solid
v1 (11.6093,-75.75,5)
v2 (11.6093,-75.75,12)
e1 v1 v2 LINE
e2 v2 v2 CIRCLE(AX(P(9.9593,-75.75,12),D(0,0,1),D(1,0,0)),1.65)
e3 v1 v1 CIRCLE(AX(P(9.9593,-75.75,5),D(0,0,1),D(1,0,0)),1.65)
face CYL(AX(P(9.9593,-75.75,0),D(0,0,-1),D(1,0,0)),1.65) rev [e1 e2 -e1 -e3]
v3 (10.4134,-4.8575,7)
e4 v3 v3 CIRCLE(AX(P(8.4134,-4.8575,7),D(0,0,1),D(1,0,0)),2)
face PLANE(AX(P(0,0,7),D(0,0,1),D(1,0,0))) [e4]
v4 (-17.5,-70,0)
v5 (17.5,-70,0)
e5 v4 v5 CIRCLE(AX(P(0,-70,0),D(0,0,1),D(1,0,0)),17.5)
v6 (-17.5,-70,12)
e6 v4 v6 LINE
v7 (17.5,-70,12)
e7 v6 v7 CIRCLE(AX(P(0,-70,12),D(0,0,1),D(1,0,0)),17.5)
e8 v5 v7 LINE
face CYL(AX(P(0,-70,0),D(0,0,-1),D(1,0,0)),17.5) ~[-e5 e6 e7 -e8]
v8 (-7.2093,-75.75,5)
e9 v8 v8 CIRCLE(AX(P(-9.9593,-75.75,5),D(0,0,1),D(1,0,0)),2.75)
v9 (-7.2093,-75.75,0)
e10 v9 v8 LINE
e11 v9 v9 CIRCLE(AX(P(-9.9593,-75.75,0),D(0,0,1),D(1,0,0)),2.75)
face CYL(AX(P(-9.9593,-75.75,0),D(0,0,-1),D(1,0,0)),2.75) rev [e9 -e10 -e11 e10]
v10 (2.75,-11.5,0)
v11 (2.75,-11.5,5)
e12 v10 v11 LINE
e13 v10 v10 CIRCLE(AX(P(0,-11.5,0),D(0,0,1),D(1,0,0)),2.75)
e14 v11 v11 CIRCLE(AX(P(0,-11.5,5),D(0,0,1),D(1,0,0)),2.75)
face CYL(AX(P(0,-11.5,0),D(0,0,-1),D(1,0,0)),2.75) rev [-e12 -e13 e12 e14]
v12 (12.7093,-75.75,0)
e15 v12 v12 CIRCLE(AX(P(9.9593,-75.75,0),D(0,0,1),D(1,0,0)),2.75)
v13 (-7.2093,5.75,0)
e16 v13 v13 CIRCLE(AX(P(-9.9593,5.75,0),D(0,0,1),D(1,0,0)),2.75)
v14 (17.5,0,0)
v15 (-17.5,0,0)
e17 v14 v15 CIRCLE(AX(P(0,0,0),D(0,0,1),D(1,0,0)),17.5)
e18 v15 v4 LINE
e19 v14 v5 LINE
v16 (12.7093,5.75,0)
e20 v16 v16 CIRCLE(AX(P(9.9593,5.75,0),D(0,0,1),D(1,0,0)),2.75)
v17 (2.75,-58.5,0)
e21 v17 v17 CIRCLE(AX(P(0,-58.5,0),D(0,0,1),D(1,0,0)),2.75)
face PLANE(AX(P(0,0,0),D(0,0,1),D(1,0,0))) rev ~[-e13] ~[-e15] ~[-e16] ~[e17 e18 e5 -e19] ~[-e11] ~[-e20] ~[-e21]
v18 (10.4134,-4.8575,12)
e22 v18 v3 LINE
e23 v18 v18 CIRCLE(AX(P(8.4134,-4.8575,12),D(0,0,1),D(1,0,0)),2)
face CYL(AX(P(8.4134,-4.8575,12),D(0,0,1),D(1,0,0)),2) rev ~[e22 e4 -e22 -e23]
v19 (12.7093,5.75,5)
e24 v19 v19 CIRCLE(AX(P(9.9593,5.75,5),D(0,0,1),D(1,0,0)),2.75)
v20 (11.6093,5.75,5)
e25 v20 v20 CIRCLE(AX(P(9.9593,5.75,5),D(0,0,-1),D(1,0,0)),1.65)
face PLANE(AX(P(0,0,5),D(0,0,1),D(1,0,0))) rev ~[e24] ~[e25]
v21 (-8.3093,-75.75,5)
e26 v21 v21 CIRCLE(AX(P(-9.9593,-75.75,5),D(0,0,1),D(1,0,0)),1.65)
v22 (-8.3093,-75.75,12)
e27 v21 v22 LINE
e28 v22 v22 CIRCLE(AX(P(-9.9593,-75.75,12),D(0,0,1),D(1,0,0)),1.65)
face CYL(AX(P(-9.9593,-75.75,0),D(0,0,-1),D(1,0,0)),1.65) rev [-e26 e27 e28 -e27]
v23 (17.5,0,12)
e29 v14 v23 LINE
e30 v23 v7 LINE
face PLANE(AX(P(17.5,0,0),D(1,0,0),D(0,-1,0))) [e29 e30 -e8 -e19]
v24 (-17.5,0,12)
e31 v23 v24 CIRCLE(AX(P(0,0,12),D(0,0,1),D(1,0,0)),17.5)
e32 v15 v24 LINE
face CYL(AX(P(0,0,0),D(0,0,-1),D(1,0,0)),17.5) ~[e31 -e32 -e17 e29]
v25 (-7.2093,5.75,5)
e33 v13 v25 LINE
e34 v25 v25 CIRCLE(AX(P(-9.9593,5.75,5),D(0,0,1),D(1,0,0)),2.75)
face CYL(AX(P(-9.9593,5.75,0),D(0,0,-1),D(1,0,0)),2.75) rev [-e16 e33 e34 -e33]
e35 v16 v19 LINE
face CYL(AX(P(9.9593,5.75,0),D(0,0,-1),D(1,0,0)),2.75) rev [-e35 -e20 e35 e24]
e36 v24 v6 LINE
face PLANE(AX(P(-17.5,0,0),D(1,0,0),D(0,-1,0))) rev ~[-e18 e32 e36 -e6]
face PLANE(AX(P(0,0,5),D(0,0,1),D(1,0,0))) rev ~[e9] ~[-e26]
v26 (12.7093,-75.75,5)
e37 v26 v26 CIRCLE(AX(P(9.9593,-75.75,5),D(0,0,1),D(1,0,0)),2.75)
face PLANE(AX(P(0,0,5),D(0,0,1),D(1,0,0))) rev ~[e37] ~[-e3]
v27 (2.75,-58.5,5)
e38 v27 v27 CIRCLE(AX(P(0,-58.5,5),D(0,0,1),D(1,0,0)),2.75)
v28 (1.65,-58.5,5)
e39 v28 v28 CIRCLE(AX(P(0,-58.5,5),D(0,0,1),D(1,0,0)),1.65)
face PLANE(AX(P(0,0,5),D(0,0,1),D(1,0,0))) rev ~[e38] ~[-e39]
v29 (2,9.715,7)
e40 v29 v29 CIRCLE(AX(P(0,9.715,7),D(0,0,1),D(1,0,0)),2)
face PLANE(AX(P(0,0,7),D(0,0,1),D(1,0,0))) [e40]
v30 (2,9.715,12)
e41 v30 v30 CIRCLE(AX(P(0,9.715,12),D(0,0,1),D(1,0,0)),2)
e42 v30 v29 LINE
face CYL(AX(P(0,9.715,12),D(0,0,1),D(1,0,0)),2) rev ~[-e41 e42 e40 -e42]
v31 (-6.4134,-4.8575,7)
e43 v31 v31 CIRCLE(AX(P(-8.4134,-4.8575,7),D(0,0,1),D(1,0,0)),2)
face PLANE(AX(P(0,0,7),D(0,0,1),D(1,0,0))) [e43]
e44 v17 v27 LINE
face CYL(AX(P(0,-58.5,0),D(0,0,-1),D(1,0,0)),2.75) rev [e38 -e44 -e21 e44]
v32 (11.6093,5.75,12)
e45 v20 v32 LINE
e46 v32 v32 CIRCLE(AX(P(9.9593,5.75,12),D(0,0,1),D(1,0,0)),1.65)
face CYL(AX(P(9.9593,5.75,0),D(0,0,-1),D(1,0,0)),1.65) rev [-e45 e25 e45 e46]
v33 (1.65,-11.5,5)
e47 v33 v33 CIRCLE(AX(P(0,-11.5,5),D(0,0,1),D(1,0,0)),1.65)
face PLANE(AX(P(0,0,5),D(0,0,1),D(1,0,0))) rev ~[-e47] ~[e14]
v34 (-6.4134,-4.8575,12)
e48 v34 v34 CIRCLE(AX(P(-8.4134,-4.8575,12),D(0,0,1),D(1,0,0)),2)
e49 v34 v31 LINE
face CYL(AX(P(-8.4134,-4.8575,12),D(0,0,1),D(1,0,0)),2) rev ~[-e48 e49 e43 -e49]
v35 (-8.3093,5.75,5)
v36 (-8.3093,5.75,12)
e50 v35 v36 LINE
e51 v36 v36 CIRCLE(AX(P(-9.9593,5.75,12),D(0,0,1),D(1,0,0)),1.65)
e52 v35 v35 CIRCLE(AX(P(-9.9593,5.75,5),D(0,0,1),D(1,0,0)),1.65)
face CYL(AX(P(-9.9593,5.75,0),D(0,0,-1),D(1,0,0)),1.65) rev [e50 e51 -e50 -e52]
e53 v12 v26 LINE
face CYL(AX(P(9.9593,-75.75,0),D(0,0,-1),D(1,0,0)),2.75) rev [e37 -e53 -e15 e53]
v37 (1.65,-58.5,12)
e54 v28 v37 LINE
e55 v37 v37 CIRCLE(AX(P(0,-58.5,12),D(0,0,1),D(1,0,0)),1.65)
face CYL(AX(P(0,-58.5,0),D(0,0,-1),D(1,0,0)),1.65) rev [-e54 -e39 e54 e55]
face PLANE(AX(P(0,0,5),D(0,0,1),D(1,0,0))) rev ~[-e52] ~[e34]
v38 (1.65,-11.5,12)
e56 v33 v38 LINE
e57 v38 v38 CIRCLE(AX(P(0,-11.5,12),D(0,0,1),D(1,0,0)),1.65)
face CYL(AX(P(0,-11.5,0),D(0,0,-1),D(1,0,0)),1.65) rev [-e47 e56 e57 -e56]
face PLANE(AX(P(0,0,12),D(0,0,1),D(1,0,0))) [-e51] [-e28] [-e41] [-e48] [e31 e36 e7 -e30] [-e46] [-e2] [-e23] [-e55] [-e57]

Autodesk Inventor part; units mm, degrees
ref_plane "YZ Plane" through (0, 0, 0) normal (1, 0, 0) x (0, 1, 0)
ref_plane "XZ Plane" through (0, 0, 0) normal (0, 1, 0) x (-1, 0, 0)
ref_plane "XY Plane" through (0, 0, 0) normal (0, 0, 1) x (1, 0, 0)
sketch "Sketch1" plane through (0, 0, 0) normal (0, 0, 1) x (1, 0, 0)
  circle A0 centre (0, 0) radius 17.5
  circle A1 centre (0, -70) radius 17.5
  line L0 (-17.5, 0) -> (-17.5, -70)
  line L1 (17.5, 0) -> (17.5, -70)
  circle A2 centre (0, -70) radius 11.5 construction
  circle A3 centre (0, -70) radius 9.715 construction
  line L2 (0, -20) -> (0, -150) construction
  line L3 (11.5, -70) -> (-11.5, -70) construction
  line L4 (9.9593, -64.25) -> (0, -70) construction
  line L5 (0, -70) -> (-9.9593, -64.25) construction
  line L6 (0, -70) -> (9.9593, -75.75) construction
  line L7 (0, -70) -> (-9.9593, -75.75) construction
  circle A4 centre (0, -58.5) radius 2.75
  circle A5 centre (9.9593, -75.75) radius 2.75
  circle A6 centre (-9.9593, -75.75) radius 2.75
  circle A7 centre (0, -58.5) radius 1.65
  circle A8 centre (9.9593, -75.75) radius 1.65
  circle A9 centre (-9.9593, -75.75) radius 1.65
  circle A10 centre (8.4134, -65.1425) radius 2
  circle A11 centre (0, -79.715) radius 2
  circle A12 centre (-8.4134, -65.1425) radius 2
  line L8 (-17.5, -35) -> (17.5, -35) construction
  circle A13 centre (0, 0) radius 17.5
  line L9 (9.9593, -5.75) -> (0, 0) construction
  circle A14 centre (8.4134, -4.8575) radius 2
  line L10 (0, 0) -> (9.9593, 5.75) construction
  line L11 (0, 0) -> (-9.9593, -5.75) construction
  circle A15 centre (-8.4134, -4.8575) radius 2
  circle A16 centre (0, 0) radius 9.715 construction
  circle A17 centre (0, 0) radius 11.5 construction
  circle A18 centre (0, 9.715) radius 2
  line L12 (0, 0) -> (-9.9593, 5.75) construction
  line L13 (11.5, 0) -> (-11.5, 0) construction
  circle A19 centre (-9.9593, 5.75) radius 2.75
  circle A20 centre (-9.9593, 5.75) radius 1.65
  line L14 (0, -50) -> (0, 80) construction
  circle A21 centre (0, -11.5) radius 1.65
  circle A22 centre (0, -11.5) radius 2.75
  circle A23 centre (9.9593, 5.75) radius 2.75
  circle A24 centre (9.9593, 5.75) radius 1.65
  dimension "d3" = 23
  dimension "d0" = 35
  dimension "d1" = 70
  dimension "d2" = 19.43
  dimension "d4" = 30
  dimension "d5" = 30
  dimension "d6" = 30
  dimension "d7" = 30
  dimension "d8" = 5.5
  dimension "d9" = 3.3
  dimension "d10" = 4
extrude "Extrusion1" add sketch "Sketch1" along normal blind 12 contours A0 | L1 A1 L0 A0 | A1 | A4 | A5 | A6 | A10 | A11 | A12 | A14 | A15 | A18 | A19 | A22 | A23
extrude "Extrusion2" cut sketch "Sketch1" along normal blind 5 contours A4 | A5 | A6 | A19 | A22 | A23 | A24
extrude "Extrusion3" cut sketch "Sketch1" against normal blind 5 from surface at 12 contours A14 | A15 | A18
properties part number "shank_thigh_connector"
